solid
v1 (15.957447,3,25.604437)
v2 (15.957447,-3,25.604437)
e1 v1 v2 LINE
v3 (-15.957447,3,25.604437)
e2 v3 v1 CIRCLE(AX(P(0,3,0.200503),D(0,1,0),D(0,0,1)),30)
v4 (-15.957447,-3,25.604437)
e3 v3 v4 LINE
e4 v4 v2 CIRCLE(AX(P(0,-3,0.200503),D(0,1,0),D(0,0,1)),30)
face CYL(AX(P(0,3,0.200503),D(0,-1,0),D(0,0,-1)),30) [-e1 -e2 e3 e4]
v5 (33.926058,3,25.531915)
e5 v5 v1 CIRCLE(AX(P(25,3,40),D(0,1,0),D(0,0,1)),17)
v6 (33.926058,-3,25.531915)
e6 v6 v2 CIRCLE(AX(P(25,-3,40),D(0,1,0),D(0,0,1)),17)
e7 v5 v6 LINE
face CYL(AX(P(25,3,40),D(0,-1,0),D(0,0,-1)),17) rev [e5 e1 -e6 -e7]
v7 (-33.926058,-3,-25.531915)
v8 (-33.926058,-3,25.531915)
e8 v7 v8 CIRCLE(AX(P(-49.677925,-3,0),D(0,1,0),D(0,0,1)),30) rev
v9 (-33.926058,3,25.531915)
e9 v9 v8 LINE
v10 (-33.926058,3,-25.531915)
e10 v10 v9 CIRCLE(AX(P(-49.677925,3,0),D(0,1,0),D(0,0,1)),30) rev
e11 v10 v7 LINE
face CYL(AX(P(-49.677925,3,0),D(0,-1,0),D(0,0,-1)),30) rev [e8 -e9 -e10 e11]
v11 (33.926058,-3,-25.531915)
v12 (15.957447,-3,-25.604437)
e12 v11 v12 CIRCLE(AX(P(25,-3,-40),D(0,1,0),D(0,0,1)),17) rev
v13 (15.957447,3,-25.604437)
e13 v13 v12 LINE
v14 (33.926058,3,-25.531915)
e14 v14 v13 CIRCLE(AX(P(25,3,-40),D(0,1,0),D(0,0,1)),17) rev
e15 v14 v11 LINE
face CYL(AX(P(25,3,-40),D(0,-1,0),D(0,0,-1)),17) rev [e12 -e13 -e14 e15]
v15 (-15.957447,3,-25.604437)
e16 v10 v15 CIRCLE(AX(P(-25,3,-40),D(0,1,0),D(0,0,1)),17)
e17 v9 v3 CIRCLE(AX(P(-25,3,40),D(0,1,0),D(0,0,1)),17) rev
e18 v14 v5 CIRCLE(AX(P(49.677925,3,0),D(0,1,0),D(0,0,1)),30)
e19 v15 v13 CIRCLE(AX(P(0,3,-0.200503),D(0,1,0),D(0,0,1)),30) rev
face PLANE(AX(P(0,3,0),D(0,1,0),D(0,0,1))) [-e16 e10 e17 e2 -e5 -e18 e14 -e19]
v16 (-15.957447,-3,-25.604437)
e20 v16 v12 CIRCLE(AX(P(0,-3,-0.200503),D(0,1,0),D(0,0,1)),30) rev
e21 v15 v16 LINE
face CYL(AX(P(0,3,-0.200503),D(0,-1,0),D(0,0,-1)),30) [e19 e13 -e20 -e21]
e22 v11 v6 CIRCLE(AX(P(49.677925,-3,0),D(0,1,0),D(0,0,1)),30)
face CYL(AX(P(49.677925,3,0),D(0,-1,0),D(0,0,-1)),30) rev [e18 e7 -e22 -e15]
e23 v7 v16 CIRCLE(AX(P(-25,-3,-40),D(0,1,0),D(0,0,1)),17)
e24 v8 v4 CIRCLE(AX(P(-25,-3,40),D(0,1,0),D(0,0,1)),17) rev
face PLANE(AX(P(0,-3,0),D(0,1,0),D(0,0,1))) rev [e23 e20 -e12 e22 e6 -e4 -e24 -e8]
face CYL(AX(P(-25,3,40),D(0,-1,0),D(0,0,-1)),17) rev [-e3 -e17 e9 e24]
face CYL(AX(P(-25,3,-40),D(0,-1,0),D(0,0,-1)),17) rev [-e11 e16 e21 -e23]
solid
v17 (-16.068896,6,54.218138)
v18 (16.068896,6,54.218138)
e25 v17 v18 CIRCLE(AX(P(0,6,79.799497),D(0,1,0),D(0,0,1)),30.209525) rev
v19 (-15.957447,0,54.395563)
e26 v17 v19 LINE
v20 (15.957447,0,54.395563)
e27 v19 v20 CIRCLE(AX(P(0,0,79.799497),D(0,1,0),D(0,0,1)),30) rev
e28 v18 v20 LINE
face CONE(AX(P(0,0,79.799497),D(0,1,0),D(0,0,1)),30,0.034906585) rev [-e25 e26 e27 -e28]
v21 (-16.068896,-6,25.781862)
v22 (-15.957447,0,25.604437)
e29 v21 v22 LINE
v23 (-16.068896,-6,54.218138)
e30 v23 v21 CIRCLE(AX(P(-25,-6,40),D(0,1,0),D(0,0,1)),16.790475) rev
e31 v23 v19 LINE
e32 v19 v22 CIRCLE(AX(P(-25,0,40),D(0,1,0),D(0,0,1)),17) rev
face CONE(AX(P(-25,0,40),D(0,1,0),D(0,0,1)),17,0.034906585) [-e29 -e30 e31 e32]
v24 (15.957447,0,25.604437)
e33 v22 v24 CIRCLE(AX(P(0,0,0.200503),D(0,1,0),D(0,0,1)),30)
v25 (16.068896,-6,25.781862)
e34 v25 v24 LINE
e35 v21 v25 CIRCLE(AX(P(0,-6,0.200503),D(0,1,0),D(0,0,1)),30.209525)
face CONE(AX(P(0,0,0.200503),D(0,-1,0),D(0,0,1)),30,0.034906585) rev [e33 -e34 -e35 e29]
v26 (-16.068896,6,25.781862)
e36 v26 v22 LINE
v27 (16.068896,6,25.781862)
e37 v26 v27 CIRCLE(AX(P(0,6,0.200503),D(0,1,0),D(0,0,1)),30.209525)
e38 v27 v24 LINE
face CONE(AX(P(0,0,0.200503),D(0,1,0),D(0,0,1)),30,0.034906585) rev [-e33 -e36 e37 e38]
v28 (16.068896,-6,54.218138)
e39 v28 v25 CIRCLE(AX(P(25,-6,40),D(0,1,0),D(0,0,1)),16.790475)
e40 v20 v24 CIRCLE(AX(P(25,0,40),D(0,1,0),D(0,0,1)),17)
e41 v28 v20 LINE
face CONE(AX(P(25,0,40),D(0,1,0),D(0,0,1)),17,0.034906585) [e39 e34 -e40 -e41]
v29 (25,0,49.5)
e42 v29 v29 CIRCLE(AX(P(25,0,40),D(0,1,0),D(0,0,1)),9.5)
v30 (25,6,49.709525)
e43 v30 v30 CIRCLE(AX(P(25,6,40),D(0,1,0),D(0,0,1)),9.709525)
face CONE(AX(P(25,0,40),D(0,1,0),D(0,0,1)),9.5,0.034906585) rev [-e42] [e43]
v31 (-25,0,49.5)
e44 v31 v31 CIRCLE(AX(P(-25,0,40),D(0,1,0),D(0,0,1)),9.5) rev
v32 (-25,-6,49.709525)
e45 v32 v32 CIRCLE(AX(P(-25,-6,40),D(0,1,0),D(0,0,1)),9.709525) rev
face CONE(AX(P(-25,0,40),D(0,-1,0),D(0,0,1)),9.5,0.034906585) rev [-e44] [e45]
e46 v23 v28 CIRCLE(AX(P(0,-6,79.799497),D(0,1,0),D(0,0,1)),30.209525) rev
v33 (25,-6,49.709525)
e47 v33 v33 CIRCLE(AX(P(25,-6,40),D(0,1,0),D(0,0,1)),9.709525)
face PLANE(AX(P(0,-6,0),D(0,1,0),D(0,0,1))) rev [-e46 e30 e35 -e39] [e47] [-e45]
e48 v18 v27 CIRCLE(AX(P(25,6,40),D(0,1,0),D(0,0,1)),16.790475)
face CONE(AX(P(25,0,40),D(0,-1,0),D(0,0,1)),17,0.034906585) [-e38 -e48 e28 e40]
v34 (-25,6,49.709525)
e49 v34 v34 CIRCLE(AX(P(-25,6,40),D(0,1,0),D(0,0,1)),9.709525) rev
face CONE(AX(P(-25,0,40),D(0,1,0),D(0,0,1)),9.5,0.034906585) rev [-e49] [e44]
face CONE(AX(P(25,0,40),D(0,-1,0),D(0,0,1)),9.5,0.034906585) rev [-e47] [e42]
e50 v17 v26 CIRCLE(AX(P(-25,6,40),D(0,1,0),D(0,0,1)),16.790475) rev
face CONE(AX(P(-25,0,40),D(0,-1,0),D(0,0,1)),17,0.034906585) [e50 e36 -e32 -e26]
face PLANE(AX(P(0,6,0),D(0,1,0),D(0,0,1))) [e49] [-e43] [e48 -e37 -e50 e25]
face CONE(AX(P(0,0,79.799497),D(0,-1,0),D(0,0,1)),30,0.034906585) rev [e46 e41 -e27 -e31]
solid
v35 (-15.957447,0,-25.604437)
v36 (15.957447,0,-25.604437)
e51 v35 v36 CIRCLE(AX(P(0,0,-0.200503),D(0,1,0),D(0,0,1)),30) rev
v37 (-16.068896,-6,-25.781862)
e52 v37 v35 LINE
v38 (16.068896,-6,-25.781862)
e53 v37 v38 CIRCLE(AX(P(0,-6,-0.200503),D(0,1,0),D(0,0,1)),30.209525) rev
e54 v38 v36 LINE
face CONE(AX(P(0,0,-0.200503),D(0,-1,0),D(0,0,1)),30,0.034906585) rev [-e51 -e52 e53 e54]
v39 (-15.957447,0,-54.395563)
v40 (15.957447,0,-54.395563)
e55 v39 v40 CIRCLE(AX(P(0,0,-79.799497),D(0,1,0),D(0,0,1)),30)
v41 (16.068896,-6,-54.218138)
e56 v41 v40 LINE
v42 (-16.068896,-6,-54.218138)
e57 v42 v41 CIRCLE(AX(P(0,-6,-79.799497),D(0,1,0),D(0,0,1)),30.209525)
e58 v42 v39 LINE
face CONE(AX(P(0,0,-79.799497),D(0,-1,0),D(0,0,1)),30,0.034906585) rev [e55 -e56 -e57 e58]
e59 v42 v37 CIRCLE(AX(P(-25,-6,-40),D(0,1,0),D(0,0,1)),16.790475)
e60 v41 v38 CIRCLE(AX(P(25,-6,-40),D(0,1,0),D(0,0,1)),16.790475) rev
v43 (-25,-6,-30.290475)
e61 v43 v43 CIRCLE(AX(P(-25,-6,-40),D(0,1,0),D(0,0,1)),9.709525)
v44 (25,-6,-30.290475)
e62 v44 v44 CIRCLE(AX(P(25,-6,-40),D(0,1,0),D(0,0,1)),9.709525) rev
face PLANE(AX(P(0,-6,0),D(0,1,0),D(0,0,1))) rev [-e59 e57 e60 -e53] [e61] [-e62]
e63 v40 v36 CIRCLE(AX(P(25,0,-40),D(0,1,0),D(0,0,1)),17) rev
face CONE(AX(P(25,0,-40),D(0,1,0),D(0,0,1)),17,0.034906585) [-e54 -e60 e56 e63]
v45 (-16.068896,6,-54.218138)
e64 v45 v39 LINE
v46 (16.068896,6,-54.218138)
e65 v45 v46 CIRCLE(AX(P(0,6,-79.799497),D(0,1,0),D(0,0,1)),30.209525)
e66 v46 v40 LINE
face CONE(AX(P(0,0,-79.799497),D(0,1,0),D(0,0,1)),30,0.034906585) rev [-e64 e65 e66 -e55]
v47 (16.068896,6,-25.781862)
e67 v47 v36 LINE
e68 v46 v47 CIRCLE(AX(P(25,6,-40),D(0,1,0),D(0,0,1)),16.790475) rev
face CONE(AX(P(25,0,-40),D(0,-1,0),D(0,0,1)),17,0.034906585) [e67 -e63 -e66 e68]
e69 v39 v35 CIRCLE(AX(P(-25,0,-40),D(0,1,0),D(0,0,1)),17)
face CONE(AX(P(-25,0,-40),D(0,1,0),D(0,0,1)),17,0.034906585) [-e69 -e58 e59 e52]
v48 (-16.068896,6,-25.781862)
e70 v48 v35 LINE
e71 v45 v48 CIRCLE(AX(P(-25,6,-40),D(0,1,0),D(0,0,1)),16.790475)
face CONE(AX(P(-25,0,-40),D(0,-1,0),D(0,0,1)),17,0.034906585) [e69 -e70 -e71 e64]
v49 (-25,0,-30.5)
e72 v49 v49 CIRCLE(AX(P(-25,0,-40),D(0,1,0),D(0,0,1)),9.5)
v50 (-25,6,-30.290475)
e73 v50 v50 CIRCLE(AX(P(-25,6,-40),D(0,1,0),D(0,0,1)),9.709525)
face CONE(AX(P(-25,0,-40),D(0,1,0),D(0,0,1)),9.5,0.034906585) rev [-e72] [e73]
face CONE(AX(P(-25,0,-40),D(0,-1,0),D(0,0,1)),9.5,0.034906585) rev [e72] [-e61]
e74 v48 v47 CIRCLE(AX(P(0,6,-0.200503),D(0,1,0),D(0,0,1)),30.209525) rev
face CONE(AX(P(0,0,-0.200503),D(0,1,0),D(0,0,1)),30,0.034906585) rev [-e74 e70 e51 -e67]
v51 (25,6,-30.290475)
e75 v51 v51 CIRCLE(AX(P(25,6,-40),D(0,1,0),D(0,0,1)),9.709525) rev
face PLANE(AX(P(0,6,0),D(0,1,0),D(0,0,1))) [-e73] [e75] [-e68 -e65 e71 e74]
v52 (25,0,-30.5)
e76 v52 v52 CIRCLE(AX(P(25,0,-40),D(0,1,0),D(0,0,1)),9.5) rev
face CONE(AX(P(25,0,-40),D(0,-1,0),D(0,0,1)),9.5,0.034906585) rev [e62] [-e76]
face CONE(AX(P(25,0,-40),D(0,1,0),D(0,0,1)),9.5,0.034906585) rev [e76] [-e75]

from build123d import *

# Parameters (mm, degrees)
BOSS_EXTRUDE2_DEPTH           = 3
SKETCH1_4_R                   = 9.5
BOSS_EXTRUDE3_DEPTH           = 6
BOSS_EXTRUDE3_TAPER           = 2
BOSS_EXTRUDE3_OTHER_WAY_DEPTH = 6
BOSS_EXTRUDE3_OTHER_WAY_TAPER = 2


with BuildPart() as part:
    # Sketch1 → Boss-Extrude2 (new, symmetric)
    with BuildSketch(Plane(origin=(0, 0, 0), x_dir=(1, 0, 0), z_dir=(0, 1, 0))):
        with BuildLine():
            ThreePointArc((15.957446809, -25.60443708), (24.931387734, -23.000138461), (33.926058108, -25.531914894))
            ThreePointArc((33.926058108, -25.531914894), (19.677925359, 0), (33.926058108, 25.531914894))
            ThreePointArc((33.926058108, 25.531914894), (24.931387734, 23.000138461), (15.957446809, 25.60443708))
            ThreePointArc((15.957446809, 25.60443708), (0, 30.200502516), (-15.957446809, 25.60443708))
            ThreePointArc((-15.957446809, 25.60443708), (-24.931387734, 23.000138461), (-33.926058108, 25.531914894))
            ThreePointArc((-33.926058108, 25.531914894), (-19.677925359, 0), (-33.926058108, -25.531914894))
            ThreePointArc((-33.926058108, -25.531914894), (-24.931387734, -23.000138461), (-15.957446809, -25.60443708))
            ThreePointArc((-15.957446809, -25.60443708), (0, -30.200502516), (15.957446809, -25.60443708))
        make_face()
    extrude(amount=BOSS_EXTRUDE2_DEPTH, both=True)



with BuildPart() as body_2:
    # Sketch1<4> → Boss-Extrude3 (new body)
    # profile 1 of 2: a face of its own
    with BuildSketch(Plane(origin=(0, 0, 0), x_dir=(1, 0, 0), z_dir=(0, 1, 0))):
        with BuildLine():
            ThreePointArc((15.957446809, 54.39556292), (0, 49.799497484), (-15.957446809, 54.39556292))
            ThreePointArc((-15.957446809, 54.39556292), (-42, 40), (-15.957446809, 25.60443708))
            ThreePointArc((-15.957446809, 25.60443708), (0, 30.200502516), (15.957446809, 25.60443708))
            ThreePointArc((15.957446809, 25.60443708), (42, 40), (15.957446809, 54.39556292))
        make_face()
        with Locations((-25, 40)):
            Circle(SKETCH1_4_R, mode=Mode.SUBTRACT)
        with Locations((25, 40)):
            Circle(SKETCH1_4_R, mode=Mode.SUBTRACT)
    # profile 2 of 2: a face of its own
    with BuildSketch(Plane(origin=(0, 0, 0), x_dir=(1, 0, 0), z_dir=(0, 1, 0))):
        with BuildLine():
            ThreePointArc((-15.957446809, -25.60443708), (-42, -40), (-15.957446809, -54.39556292))
            ThreePointArc((-15.957446809, -54.39556292), (0, -49.799497484), (15.957446809, -54.39556292))
            ThreePointArc((15.957446809, -54.39556292), (42, -40), (15.957446809, -25.60443708))
            ThreePointArc((15.957446809, -25.60443708), (0, -30.200502516), (-15.957446809, -25.60443708))
        make_face()
        with Locations((25, -40)):
            Circle(SKETCH1_4_R, mode=Mode.SUBTRACT)
        with Locations((-25, -40)):
            Circle(SKETCH1_4_R, mode=Mode.SUBTRACT)
    extrude(amount=BOSS_EXTRUDE3_DEPTH, taper=BOSS_EXTRUDE3_TAPER)


with BuildPart() as part_1:
    add(part.part)

    add(body_2.part)  # Boss-Extrude3 other way merges body 2
    # Sketch1<4> → Boss-Extrude3 other way (add)
    # profile 1 of 2: a face of its own
    with BuildSketch(Plane(origin=(0, 0, 0), x_dir=(1, 0, 0), z_dir=(0, 1, 0))):
        with BuildLine():
            ThreePointArc((15.957446809, 54.39556292), (0, 49.799497484), (-15.957446809, 54.39556292))
            ThreePointArc((-15.957446809, 54.39556292), (-42, 40), (-15.957446809, 25.60443708))
            ThreePointArc((-15.957446809, 25.60443708), (0, 30.200502516), (15.957446809, 25.60443708))
            ThreePointArc((15.957446809, 25.60443708), (42, 40), (15.957446809, 54.39556292))
        make_face()
        with Locations((-25, 40)):
            Circle(SKETCH1_4_R, mode=Mode.SUBTRACT)
        with Locations((25, 40)):
            Circle(SKETCH1_4_R, mode=Mode.SUBTRACT)
    # profile 2 of 2: a face of its own
    with BuildSketch(Plane(origin=(0, 0, 0), x_dir=(1, 0, 0), z_dir=(0, 1, 0))):
        with BuildLine():
            ThreePointArc((-15.957446809, -25.60443708), (-42, -40), (-15.957446809, -54.39556292))
            ThreePointArc((-15.957446809, -54.39556292), (0, -49.799497484), (15.957446809, -54.39556292))
            ThreePointArc((15.957446809, -54.39556292), (42, -40), (15.957446809, -25.60443708))
            ThreePointArc((15.957446809, -25.60443708), (0, -30.200502516), (-15.957446809, -25.60443708))
        make_face()
        with Locations((25, -40)):
            Circle(SKETCH1_4_R, mode=Mode.SUBTRACT)
        with Locations((-25, -40)):
            Circle(SKETCH1_4_R, mode=Mode.SUBTRACT)
    extrude(amount=-BOSS_EXTRUDE3_OTHER_WAY_DEPTH, taper=BOSS_EXTRUDE3_OTHER_WAY_TAPER)


solid = part_1.part
